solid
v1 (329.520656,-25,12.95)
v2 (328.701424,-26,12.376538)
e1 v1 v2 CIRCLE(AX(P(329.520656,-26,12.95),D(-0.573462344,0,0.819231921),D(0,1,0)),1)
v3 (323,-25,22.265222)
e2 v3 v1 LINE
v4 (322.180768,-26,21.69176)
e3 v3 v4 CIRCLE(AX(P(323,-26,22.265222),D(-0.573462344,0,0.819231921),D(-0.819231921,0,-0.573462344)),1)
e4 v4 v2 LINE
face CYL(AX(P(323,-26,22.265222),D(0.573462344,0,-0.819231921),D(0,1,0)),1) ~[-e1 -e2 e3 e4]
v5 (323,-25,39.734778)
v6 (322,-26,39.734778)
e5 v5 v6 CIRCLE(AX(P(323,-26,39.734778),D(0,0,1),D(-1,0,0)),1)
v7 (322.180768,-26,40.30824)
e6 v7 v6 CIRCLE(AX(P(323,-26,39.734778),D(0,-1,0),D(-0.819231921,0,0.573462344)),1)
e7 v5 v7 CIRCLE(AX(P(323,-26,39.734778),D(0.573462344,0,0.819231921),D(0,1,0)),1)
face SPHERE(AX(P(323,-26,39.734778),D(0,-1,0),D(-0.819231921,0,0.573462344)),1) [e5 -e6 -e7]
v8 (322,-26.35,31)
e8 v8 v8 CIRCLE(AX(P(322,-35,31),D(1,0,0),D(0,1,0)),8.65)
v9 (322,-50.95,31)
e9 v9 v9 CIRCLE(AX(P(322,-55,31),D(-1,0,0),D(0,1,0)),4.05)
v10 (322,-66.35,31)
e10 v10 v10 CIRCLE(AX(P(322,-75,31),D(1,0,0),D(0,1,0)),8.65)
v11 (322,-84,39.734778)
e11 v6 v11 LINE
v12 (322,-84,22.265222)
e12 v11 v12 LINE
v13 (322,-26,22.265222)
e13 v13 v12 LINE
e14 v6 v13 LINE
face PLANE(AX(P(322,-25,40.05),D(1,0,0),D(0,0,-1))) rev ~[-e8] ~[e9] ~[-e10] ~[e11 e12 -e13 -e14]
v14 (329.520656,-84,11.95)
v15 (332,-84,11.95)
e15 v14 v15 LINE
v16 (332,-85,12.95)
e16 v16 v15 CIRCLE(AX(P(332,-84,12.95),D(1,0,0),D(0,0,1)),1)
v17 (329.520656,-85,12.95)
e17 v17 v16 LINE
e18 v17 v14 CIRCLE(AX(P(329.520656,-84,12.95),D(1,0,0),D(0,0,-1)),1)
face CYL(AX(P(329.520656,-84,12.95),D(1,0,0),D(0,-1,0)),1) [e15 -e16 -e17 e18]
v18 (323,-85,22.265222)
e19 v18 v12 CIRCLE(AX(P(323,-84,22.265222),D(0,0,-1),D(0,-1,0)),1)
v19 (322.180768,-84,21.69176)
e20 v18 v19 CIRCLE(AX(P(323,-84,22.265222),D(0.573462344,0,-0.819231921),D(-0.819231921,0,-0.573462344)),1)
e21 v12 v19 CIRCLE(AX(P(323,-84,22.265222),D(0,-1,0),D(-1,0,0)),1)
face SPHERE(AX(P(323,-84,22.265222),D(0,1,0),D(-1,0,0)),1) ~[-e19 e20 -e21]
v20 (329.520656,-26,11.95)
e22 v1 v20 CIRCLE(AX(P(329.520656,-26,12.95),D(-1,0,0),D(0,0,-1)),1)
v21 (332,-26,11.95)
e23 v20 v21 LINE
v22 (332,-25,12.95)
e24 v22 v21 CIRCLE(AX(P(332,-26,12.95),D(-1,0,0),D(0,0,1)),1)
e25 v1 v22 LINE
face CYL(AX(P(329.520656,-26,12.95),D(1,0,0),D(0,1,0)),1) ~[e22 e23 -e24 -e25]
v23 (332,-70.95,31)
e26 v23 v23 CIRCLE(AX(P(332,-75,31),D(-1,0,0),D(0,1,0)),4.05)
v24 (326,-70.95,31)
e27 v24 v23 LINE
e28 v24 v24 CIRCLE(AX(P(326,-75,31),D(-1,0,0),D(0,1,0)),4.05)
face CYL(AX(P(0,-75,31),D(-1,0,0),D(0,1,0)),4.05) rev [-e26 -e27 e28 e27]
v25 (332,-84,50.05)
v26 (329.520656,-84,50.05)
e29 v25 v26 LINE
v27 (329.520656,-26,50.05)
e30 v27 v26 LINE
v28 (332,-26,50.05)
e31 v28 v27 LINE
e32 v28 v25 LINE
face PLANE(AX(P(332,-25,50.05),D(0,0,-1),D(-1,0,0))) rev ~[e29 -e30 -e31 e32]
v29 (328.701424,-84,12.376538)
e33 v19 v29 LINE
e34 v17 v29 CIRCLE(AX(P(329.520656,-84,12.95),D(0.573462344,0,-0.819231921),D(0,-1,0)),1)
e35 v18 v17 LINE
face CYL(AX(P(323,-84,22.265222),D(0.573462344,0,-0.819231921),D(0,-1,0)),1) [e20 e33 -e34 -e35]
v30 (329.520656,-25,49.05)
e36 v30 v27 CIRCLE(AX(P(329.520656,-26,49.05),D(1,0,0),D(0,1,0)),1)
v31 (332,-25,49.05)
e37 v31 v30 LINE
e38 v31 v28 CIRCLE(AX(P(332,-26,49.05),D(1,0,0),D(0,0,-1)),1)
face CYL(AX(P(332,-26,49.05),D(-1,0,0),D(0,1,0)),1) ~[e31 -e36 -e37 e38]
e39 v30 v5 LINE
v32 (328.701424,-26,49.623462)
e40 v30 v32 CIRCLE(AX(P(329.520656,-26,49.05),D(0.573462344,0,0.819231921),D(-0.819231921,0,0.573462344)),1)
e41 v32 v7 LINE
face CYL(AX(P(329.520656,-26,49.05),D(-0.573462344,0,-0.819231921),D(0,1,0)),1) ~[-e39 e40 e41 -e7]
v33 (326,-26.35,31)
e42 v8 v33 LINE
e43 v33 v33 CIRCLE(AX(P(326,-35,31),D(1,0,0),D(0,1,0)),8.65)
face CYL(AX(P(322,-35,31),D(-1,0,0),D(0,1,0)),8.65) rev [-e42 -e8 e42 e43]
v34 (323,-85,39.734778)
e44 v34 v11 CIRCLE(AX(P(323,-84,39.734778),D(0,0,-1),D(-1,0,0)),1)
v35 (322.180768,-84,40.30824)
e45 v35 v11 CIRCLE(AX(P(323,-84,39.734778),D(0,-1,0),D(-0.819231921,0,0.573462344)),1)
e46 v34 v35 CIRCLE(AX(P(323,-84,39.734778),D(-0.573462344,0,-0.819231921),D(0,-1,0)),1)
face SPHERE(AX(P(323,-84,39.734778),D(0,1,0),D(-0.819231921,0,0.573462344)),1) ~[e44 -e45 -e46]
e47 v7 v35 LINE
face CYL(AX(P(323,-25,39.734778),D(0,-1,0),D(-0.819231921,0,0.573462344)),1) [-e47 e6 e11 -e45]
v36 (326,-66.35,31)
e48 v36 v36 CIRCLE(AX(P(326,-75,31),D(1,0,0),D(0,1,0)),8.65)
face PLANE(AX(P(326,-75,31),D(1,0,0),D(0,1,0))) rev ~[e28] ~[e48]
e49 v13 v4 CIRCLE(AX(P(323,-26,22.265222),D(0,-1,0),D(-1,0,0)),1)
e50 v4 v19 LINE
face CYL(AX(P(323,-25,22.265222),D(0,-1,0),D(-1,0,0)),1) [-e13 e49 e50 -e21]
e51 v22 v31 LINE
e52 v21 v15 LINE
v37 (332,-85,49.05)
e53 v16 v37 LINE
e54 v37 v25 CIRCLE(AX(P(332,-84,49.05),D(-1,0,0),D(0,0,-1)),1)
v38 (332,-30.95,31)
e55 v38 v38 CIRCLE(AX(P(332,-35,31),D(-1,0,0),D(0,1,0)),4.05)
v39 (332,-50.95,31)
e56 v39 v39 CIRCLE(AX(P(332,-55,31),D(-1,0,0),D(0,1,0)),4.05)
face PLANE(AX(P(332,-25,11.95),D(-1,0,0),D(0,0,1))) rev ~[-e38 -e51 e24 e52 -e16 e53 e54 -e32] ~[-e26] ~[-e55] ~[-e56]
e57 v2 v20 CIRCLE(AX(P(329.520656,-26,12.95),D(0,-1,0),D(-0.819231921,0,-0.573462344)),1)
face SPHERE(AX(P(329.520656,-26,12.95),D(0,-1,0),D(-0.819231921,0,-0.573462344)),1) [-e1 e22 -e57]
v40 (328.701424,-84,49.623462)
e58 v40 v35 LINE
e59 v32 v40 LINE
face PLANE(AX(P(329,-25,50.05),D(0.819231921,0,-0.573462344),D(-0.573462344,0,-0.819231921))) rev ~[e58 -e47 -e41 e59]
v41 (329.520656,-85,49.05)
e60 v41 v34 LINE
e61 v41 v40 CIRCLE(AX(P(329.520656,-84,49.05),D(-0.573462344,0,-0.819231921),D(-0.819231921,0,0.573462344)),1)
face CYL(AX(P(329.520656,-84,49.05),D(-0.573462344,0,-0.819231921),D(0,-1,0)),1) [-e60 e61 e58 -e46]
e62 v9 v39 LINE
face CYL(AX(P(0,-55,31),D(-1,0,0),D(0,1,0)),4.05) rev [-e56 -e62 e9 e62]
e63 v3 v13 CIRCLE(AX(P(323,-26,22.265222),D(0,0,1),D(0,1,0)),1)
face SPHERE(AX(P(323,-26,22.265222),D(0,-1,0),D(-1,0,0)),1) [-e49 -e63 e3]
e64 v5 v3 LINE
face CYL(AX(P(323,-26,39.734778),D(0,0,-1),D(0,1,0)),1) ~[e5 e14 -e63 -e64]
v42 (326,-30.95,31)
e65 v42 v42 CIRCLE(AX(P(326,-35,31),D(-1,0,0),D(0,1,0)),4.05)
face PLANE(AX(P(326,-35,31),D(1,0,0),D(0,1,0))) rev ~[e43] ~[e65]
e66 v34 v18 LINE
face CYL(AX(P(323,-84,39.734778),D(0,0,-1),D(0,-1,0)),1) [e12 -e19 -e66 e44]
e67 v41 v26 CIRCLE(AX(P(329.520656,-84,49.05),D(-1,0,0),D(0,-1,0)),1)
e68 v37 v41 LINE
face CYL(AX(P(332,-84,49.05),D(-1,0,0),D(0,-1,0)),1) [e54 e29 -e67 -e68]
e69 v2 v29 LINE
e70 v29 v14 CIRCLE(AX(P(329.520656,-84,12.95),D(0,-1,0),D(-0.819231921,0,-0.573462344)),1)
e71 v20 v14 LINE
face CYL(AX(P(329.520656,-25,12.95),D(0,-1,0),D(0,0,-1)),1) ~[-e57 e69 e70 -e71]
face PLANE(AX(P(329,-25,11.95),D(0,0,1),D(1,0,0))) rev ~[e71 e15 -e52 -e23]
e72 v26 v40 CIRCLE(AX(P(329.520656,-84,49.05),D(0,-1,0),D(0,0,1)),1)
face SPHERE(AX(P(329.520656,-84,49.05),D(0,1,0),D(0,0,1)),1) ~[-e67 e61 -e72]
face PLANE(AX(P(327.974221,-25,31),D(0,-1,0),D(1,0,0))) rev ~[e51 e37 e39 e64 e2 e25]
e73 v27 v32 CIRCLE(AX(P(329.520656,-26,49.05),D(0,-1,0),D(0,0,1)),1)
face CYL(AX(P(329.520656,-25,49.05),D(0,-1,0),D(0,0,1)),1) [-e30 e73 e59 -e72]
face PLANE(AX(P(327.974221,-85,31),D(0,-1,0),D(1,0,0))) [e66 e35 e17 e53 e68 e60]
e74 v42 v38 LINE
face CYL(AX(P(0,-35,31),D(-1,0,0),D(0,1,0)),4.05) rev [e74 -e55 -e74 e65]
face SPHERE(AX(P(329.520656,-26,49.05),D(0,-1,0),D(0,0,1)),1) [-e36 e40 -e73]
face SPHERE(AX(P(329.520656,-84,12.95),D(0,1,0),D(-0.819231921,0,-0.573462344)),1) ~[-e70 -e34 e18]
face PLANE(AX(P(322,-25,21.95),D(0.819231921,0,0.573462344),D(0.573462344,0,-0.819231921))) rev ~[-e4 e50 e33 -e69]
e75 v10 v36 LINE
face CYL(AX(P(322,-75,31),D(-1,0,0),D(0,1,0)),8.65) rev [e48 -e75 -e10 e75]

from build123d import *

# Parameters (mm, degrees)
PAD003_DEPTH    = 60
SKETCH022_R     = 4.05
POCKET018_DEPTH = 332.001
SKETCH023_R     = 8.65
POCKET019_DEPTH = 4
SKETCH024_R     = 4.05
POCKET020_DEPTH = 332.001
FILLET006_R     = 1
FILLET007_R     = 1


with BuildPart() as part:
    # Sketch021 → Pad003 (new body)
    with BuildSketch(Plane.XZ.offset(25)):
        Polygon((332, 31), (332, 50.05), (329, 50.05), (322, 40.05), (322, 21.95), (329, 11.95), (332, 11.95), align=None)
    extrude(amount=PAD003_DEPTH)

    # Sketch022 → Pocket018 (cut, through all)
    with BuildSketch(Plane.YZ):
        with Locations((-75, 31)):
            Circle(SKETCH022_R)
        with Locations((-35, 31)):
            Circle(SKETCH022_R)
    extrude(amount=POCKET018_DEPTH, mode=Mode.SUBTRACT)

    # Sketch023 → Pocket019 (cut)
    with BuildSketch(Plane.YZ.offset(322)):
        with Locations((-75, 31)):
            Circle(SKETCH023_R)
        with Locations((-35, 31)):
            Circle(SKETCH023_R)
    extrude(amount=POCKET019_DEPTH, mode=Mode.SUBTRACT)

    # Sketch024 → Pocket020 (cut, through all)
    with BuildSketch(Plane.YZ):
        with Locations((-55, 31)):
            Circle(SKETCH024_R)
    extrude(amount=POCKET020_DEPTH, mode=Mode.SUBTRACT)

    # Fillet006
    fillet006_edges = [part.edges().sort_by_distance(p)[0] for p in [
        (329, -55, 11.95),
        (322, -55, 21.95),
        (322, -55, 40.05),
        (329, -55, 50.05),
    ]]
    fillet(fillet006_edges, radius=FILLET006_R)

    # Fillet007
    fillet007_edges = [part.edges().sort_by_distance(p)[0] for p in [
        (325.441096, -25, 44.965851),
        (322, -25, 31),
        (325.441096, -25, 17.034149),
        (325.441096, -85, 17.034149),
        (322, -85, 31),
        (325.441096, -85, 44.965851),
    ]]
    fillet(fillet007_edges, radius=FILLET007_R)


solid = part.part
